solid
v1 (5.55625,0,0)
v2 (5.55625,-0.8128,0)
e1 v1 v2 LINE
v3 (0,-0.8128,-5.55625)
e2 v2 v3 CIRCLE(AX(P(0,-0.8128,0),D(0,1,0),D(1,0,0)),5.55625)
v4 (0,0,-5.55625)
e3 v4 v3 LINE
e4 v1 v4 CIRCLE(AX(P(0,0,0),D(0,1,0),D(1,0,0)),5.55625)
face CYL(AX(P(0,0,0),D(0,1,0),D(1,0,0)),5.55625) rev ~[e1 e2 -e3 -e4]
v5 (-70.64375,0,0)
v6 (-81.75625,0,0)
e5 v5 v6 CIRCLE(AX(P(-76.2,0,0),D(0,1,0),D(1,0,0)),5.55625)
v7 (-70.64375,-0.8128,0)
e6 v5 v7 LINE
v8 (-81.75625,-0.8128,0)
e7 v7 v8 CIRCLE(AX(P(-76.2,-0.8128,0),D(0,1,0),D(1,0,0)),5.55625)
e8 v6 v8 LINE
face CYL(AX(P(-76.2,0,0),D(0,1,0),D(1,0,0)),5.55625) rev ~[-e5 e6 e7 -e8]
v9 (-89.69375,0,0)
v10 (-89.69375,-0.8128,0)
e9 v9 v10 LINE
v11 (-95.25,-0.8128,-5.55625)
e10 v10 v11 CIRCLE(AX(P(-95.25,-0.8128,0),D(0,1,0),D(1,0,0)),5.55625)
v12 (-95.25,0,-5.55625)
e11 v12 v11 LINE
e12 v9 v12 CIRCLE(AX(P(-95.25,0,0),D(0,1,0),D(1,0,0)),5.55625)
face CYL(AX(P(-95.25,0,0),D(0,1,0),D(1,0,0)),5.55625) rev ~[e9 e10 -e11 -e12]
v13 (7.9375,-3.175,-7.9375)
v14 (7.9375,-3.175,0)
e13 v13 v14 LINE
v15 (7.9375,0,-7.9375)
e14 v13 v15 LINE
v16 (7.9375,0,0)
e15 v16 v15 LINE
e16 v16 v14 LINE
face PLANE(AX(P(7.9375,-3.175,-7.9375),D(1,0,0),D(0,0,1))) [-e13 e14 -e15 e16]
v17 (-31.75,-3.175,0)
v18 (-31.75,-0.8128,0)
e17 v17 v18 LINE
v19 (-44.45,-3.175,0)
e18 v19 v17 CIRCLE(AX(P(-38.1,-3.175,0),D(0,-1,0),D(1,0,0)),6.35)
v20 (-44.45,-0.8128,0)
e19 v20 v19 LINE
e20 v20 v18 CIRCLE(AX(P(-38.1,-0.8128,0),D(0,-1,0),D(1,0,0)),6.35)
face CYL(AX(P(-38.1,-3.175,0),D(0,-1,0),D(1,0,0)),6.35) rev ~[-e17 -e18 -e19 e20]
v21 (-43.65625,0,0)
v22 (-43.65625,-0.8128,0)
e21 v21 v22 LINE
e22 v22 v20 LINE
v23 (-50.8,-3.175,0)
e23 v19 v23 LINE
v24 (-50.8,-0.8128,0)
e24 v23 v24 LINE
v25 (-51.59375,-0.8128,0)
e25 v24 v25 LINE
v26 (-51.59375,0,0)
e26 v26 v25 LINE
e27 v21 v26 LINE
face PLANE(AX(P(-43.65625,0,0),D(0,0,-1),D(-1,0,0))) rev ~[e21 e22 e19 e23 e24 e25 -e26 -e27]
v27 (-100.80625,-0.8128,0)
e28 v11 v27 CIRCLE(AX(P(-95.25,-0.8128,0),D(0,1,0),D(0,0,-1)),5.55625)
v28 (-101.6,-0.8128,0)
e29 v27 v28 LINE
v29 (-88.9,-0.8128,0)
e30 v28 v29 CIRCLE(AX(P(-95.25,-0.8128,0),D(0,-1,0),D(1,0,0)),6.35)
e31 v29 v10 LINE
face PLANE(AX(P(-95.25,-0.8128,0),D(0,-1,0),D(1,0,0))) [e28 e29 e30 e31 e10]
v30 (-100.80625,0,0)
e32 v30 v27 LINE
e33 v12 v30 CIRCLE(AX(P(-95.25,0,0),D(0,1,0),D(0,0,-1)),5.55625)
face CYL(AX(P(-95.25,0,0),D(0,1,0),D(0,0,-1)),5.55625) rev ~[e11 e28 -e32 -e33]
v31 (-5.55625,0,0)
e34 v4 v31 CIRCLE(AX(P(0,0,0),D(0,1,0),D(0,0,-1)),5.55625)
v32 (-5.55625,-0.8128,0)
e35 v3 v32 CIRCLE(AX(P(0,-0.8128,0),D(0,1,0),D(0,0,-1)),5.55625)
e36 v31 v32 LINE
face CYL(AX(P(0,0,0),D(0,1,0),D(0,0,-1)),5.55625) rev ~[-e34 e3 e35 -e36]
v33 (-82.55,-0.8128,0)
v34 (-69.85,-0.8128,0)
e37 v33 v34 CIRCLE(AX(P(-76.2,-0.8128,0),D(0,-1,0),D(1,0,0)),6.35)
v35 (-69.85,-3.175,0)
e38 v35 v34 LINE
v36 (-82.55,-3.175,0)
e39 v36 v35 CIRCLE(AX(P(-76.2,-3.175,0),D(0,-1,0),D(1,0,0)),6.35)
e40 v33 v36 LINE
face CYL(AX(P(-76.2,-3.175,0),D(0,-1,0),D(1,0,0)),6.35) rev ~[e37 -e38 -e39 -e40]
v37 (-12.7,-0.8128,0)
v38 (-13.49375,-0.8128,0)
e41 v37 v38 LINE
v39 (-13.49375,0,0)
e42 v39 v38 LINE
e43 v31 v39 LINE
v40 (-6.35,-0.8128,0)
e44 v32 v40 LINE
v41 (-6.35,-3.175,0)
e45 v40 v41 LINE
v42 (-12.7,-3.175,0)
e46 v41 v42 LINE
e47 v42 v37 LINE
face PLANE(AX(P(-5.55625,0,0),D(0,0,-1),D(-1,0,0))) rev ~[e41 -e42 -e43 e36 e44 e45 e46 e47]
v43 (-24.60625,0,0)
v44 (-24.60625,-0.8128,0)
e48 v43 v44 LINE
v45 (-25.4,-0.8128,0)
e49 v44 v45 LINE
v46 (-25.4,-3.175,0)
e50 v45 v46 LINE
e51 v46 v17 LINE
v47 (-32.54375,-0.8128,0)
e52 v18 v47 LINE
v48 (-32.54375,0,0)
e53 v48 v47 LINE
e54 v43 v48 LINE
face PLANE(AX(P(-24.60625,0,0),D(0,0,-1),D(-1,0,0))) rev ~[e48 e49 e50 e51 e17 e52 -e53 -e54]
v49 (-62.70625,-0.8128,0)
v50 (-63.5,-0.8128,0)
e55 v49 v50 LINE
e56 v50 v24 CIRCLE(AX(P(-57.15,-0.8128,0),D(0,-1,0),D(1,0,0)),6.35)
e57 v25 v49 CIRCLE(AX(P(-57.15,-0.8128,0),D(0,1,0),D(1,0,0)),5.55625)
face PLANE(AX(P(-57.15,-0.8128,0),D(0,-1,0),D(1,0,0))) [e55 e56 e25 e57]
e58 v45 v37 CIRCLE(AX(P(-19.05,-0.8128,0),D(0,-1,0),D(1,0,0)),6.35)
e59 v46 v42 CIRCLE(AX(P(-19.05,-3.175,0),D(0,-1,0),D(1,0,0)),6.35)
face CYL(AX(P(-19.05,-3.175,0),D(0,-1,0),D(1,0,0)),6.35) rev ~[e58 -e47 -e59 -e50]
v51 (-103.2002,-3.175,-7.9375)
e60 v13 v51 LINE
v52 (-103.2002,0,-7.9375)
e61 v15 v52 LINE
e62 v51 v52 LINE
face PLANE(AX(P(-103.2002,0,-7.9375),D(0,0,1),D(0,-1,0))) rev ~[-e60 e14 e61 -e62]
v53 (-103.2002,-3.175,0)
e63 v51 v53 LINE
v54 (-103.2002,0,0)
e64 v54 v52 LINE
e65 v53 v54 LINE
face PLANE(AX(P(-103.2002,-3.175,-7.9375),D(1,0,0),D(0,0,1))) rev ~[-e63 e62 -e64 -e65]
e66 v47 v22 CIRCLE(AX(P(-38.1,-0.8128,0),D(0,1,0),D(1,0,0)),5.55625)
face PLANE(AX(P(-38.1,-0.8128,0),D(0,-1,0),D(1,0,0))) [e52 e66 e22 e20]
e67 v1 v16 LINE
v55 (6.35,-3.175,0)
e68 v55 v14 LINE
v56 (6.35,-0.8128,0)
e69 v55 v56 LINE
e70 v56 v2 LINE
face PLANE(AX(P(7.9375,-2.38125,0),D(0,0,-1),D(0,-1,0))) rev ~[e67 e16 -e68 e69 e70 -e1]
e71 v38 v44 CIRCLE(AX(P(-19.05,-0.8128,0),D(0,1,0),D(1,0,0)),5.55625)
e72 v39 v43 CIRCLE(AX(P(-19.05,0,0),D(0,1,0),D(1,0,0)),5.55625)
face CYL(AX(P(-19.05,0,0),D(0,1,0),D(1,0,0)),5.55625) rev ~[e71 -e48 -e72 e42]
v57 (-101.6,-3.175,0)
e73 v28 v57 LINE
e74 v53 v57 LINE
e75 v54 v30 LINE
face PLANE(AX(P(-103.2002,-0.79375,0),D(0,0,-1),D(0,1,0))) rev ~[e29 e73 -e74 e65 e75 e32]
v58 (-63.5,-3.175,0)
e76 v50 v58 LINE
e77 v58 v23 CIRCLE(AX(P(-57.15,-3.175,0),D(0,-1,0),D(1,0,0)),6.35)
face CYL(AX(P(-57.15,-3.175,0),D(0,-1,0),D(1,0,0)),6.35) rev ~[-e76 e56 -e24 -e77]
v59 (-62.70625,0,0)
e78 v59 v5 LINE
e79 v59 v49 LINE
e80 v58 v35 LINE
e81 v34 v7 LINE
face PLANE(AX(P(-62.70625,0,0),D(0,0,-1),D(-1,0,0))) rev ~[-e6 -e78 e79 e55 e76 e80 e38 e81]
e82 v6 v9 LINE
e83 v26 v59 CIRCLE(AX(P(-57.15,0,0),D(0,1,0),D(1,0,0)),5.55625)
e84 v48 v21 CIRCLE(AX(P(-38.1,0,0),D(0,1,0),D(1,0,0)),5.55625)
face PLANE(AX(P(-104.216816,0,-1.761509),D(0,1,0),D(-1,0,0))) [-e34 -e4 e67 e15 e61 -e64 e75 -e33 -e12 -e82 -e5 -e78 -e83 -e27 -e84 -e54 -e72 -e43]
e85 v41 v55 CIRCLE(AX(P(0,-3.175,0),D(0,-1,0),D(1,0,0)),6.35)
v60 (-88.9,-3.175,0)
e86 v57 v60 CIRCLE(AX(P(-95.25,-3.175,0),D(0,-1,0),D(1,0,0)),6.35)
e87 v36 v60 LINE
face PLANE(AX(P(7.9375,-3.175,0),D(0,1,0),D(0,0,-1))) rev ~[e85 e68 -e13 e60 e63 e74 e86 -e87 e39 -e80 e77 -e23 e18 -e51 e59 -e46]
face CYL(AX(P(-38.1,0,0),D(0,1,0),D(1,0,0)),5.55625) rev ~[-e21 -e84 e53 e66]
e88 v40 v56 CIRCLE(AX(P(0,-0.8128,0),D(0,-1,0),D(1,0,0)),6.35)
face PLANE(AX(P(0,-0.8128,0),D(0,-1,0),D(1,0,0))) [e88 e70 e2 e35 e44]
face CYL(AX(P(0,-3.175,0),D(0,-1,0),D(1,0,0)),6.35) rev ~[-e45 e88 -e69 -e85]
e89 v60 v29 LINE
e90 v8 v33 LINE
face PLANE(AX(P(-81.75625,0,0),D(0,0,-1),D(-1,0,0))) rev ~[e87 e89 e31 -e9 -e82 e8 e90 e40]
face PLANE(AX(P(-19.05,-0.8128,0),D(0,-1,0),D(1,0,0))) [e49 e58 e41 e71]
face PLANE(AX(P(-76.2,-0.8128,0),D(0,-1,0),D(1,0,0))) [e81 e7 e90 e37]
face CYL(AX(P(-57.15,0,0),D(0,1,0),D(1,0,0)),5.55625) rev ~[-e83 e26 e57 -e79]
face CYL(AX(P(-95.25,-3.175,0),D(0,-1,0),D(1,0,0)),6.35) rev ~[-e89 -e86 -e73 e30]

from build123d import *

# Parameters (mm, degrees)
F1_DEPTH  = 3.175
F3_DEPTH  = 2.3622
F5_DEPTH  = 1.5875
F7_DEPTH  = 1.5875
F9_DEPTH  = 2.3876
F11_DEPTH = 2.3876
F12_W     = 1.5875
F12_H     = 7.9375
F13_DEPTH = 25.4


with BuildPart() as f1:
    # F0 (on Front) → F1 (new body)
    with BuildSketch(Plane.XZ):
        with BuildLine():
            Line((-103.2002, -7.9375), (-95.25, -7.9375))
            ThreePointArc((-95.25, -7.9375), (-100.8626600757, -5.6126600757), (-103.1875, 0))
            Line((-103.1875, 0), (-103.2002, 0))
            Line((-103.2002, 0), (-103.2002, -7.9375))
        make_face()
        with BuildLine():
            Line((7.9375, -7.9375), (7.9375, 0))
            ThreePointArc((7.9375, 0), (5.6126600757, -5.6126600757), (0, -7.9375))
            Line((0, -7.9375), (7.9375, -7.9375))
        make_face()
        with BuildLine():
            ThreePointArc((0, -7.9375), (-5.6126600757, -5.6126600757), (-7.9375, 0))
            Line((-7.9375, 0), (-11.1125, 0))
            ThreePointArc((-11.1125, 0), (-13.4373399243, -5.6126600757), (-19.05, -7.9375))
            Line((-19.05, -7.9375), (0, -7.9375))
        make_face()
        with BuildLine():
            Line((-38.1, -7.9375), (-19.05, -7.9375))
            ThreePointArc((-19.05, -7.9375), (-24.6626600757, -5.6126600757), (-26.9875, 0))
            Line((-26.9875, 0), (-30.1625, 0))
            ThreePointArc((-30.1625, 0), (-32.4873399243, -5.6126600757), (-38.1, -7.9375))
        make_face()
        with BuildLine():
            Line((-57.1500000951, -7.9375), (-38.1, -7.9375))
            ThreePointArc((-38.1, -7.9375), (-43.7126600757, -5.6126600757), (-46.0375, 0))
            Line((-46.0375, 0), (-49.2125, 0))
            ThreePointArc((-49.2125, 0), (-51.537339958, -5.6126601093), (-57.1500000951, -7.9375))
        make_face()
        with BuildLine():
            Line((-76.2, -7.9375), (-57.1500000951, -7.9375))
            ThreePointArc((-57.1500000951, -7.9375), (-62.7626601093, -5.612660042), (-65.0875, 0))
            Line((-65.0875, 0), (-68.2625, 0))
            ThreePointArc((-68.2625, 0), (-70.5873399243, -5.6126600757), (-76.2, -7.9375))
        make_face()
        with BuildLine():
            Line((-95.25, -7.9375), (-76.2, -7.9375))
            ThreePointArc((-76.2, -7.9375), (-81.8126600757, -5.6126600757), (-84.1375, 0))
            Line((-84.1375, 0), (-87.3125, 0))
            ThreePointArc((-87.3125, 0), (-89.6373399243, -5.6126600757), (-95.25, -7.9375))
        make_face()
        with BuildLine():
            ThreePointArc((0, -6.35), (-4.4901280605, -4.4901280605), (-6.35, 0))
            Line((-6.35, 0), (-7.9375, 0))
            ThreePointArc((-7.9375, 0), (-5.6126600757, -5.6126600757), (0, -7.9375))
            Line((0, -7.9375), (0, -6.35))
        make_face()
        with BuildLine():
            ThreePointArc((-19.05, -7.9375), (-13.4373399243, -5.6126600757), (-11.1125, 0))
            Line((-11.1125, 0), (-12.7, 0))
            ThreePointArc((-12.7, 0), (-19.05, -6.35), (-25.4, 0))
            Line((-25.4, 0), (-26.9875, 0))
            ThreePointArc((-26.9875, 0), (-24.6626600757, -5.6126600757), (-19.05, -7.9375))
        make_face()
        with BuildLine():
            ThreePointArc((-46.0375, 0), (-43.7126600757, -5.6126600757), (-38.1, -7.9375))
            ThreePointArc((-38.1, -7.9375), (-32.4873399243, -5.6126600757), (-30.1625, 0))
            Line((-30.1625, 0), (-31.75, 0))
            ThreePointArc((-31.75, 0), (-38.1, -6.35), (-44.45, 0))
            Line((-44.45, 0), (-46.0375, 0))
        make_face()
        with BuildLine():
            ThreePointArc((-65.0875, 0), (-62.7626601093, -5.612660042), (-57.1500000951, -7.9375))
            ThreePointArc((-57.1500000951, -7.9375), (-51.537339958, -5.6126601093), (-49.2125, 0))
            Line((-49.2125, 0), (-50.8, 0))
            ThreePointArc((-50.8, 0), (-57.15, -6.35), (-63.5, 0))
            Line((-63.5, 0), (-65.0875, 0))
        make_face()
        with BuildLine():
            ThreePointArc((-84.1375, 0), (-81.8126600757, -5.6126600757), (-76.2, -7.9375))
            ThreePointArc((-76.2, -7.9375), (-70.5873399243, -5.6126600757), (-68.2625, 0))
            Line((-68.2625, 0), (-69.85, 0))
            ThreePointArc((-69.85, 0), (-76.2, -6.35), (-82.55, 0))
            Line((-82.55, 0), (-84.1375, 0))
        make_face()
        with BuildLine():
            Line((-95.25, -6.35), (-95.25, -7.9375))
            ThreePointArc((-95.25, -7.9375), (-89.6373399243, -5.6126600757), (-87.3125, 0))
            Line((-87.3125, 0), (-88.9, 0))
            ThreePointArc((-88.9, 0), (-90.7598719395, -4.4901280605), (-95.25, -6.35))
        make_face()
        with BuildLine():
            ThreePointArc((-103.1875, 0), (-100.8626600757, -5.6126600757), (-95.25, -7.9375))
            Line((-95.25, -7.9375), (-95.25, -6.35))
            ThreePointArc((-95.25, -6.35), (-99.7401280605, -4.4901280605), (-101.6, 0))
            Line((-101.6, 0), (-103.1875, 0))
        make_face()
        with BuildLine():
            Line((7.9375, 0), (6.35, 0))
            ThreePointArc((6.35, 0), (4.4901280605, -4.4901280605), (0, -6.35))
            Line((0, -6.35), (0, -7.9375))
            ThreePointArc((0, -7.9375), (5.6126600757, -5.6126600757), (7.9375, 0))
        make_face()
        with BuildLine():
            ThreePointArc((-82.55, 0), (-76.2, -6.35), (-69.85, 0))
            Line((-69.85, 0), (-70.64375, 0))
            ThreePointArc((-70.64375, 0), (-76.2, -5.55625), (-81.75625, 0))
            Line((-81.75625, 0), (-82.55, 0))
        make_face()
        with BuildLine():
            ThreePointArc((-63.5, 0), (-57.15, -6.35), (-50.8, 0))
            Line((-50.8, 0), (-51.59375, 0))
            ThreePointArc((-51.59375, 0), (-57.15, -5.55625), (-62.70625, 0))
            Line((-62.70625, 0), (-63.5, 0))
        make_face()
        with BuildLine():
            ThreePointArc((-44.45, 0), (-38.1, -6.35), (-31.75, 0))
            Line((-31.75, 0), (-32.54375, 0))
            ThreePointArc((-32.54375, 0), (-38.1, -5.55625), (-43.65625, 0))
            Line((-43.65625, 0), (-44.45, 0))
        make_face()
        with BuildLine():
            ThreePointArc((-25.4, 0), (-19.05, -6.35), (-12.7, 0))
            Line((-12.7, 0), (-13.49375, 0))
            ThreePointArc((-13.49375, 0), (-19.05, -5.55625), (-24.60625, 0))
            Line((-24.60625, 0), (-25.4, 0))
        make_face()
        with BuildLine():
            ThreePointArc((0, -5.55625), (-3.928862053, -3.928862053), (-5.55625, 0))
            Line((-5.55625, 0), (-6.35, 0))
            ThreePointArc((-6.35, 0), (-4.4901280605, -4.4901280605), (0, -6.35))
            Line((0, -6.35), (0, -5.55625))
        make_face()
        with BuildLine():
            Line((6.35, 0), (5.55625, 0))
            ThreePointArc((5.55625, 0), (3.928862053, -3.928862053), (0, -5.55625))
            Line((0, -5.55625), (0, -6.35))
            ThreePointArc((0, -6.35), (4.4901280605, -4.4901280605), (6.35, 0))
        make_face()
        with BuildLine():
            Line((-95.25, -5.55625), (-95.25, -6.35))
            ThreePointArc((-95.25, -6.35), (-90.7598719395, -4.4901280605), (-88.9, 0))
            Line((-88.9, 0), (-89.69375, 0))
            ThreePointArc((-89.69375, 0), (-91.321137947, -3.928862053), (-95.25, -5.55625))
        make_face()
        with BuildLine():
            ThreePointArc((-101.6, 0), (-99.7401280605, -4.4901280605), (-95.25, -6.35))
            Line((-95.25, -6.35), (-95.25, -5.55625))
            ThreePointArc((-95.25, -5.55625), (-99.178862053, -3.928862053), (-100.80625, 0))
            Line((-100.80625, 0), (-101.6, 0))
        make_face()
    extrude(amount=F1_DEPTH)

    # F2 (on face) → F3 (cut)
    with BuildSketch(Plane.XZ.offset(3.175)):
        with BuildLine():
            ThreePointArc((-101.6, 0), (-95.25, -6.35), (-88.9, 0))
            ThreePointArc((-88.9, 0), (-95.25, 6.35), (-101.6, 0))
        make_face()
        with BuildLine():
            ThreePointArc((-82.55, 0), (-76.2, -6.35), (-69.85, 0))
            ThreePointArc((-69.85, 0), (-76.2, 6.35), (-82.55, 0))
        make_face()
        with BuildLine():
            ThreePointArc((-63.5, 0), (-57.15, -6.35), (-50.8, 0))
            ThreePointArc((-50.8, 0), (-57.15, 6.35), (-63.5, 0))
        make_face()
        with BuildLine():
            ThreePointArc((-44.45, 0), (-38.1, -6.35), (-31.75, 0))
            ThreePointArc((-31.75, 0), (-38.1, 6.35), (-44.45, 0))
        make_face()
        with BuildLine():
            ThreePointArc((-25.4, 0), (-19.05, -6.35), (-12.7, 0))
            ThreePointArc((-12.7, 0), (-19.05, 6.35), (-25.4, 0))
        make_face()
        with BuildLine():
            ThreePointArc((-6.35, 0), (0, -6.35), (6.35, 0))
            ThreePointArc((6.35, 0), (0, 6.35), (-6.35, 0))
        make_face()
    extrude(amount=-F3_DEPTH, mode=Mode.SUBTRACT)

    # F4 (on face) → F5 (join)
    with BuildSketch(Plane.YZ.offset(7.9375)):
        Polygon((-2.38125, 0), (-3.175, 0), (-3.175, -7.9375), (0, -7.9375), (0, 0), (-0.79375, 0), (-0.79375, -3.175), (-0.79375, -4.7625), (-2.38125, -4.7625), (-2.38125, -3.175), align=None)
    extrude(amount=F5_DEPTH)

    # F6 (on face) → F7 (join)
    with BuildSketch(Plane(origin=(-103.2002, 0, 0), x_dir=(0, -1, 0), z_dir=(-1, 0, 0))):
        Polygon((0.79375, 0), (0, 0), (0, -7.9375), (3.175, -7.9375), (3.175, 0), (2.38125, 0), (2.38125, -3.175), (2.38125, -4.7625), (0.79375, -4.7625), (0.79375, -3.175), align=None)
    extrude(amount=F7_DEPTH)

    # F8 (on face) → F9 (join)
    with BuildSketch(Plane(origin=(0, 0, 0), x_dir=(-1, 0, 0), z_dir=(0, 1, 0))):
        Polygon((-7.9375, -3.175), (-7.9375, 0), (-9.525, -3.175), align=None)
    extrude(amount=-F9_DEPTH)

    # F10 (on face) → F11 (join)
    with BuildSketch(Plane(origin=(0, 0, 0), x_dir=(-1, 0, 0), z_dir=(0, 1, 0))):
        Polygon((104.7877, -3.175), (103.99395, 0), (103.99395, -3.175), align=None)
    extrude(amount=-F11_DEPTH)

    # F12 (on face) → F13 (cut)
    with BuildSketch(Plane.XZ.offset(3.175)):
        with Locations((8.73125, -3.96875)):
            Rectangle(F12_W, F12_H)
        with Locations((-103.99395, -3.96875)):
            Rectangle(F12_W, F12_H)
    extrude(amount=-F13_DEPTH, mode=Mode.SUBTRACT)


solid = f1.part
